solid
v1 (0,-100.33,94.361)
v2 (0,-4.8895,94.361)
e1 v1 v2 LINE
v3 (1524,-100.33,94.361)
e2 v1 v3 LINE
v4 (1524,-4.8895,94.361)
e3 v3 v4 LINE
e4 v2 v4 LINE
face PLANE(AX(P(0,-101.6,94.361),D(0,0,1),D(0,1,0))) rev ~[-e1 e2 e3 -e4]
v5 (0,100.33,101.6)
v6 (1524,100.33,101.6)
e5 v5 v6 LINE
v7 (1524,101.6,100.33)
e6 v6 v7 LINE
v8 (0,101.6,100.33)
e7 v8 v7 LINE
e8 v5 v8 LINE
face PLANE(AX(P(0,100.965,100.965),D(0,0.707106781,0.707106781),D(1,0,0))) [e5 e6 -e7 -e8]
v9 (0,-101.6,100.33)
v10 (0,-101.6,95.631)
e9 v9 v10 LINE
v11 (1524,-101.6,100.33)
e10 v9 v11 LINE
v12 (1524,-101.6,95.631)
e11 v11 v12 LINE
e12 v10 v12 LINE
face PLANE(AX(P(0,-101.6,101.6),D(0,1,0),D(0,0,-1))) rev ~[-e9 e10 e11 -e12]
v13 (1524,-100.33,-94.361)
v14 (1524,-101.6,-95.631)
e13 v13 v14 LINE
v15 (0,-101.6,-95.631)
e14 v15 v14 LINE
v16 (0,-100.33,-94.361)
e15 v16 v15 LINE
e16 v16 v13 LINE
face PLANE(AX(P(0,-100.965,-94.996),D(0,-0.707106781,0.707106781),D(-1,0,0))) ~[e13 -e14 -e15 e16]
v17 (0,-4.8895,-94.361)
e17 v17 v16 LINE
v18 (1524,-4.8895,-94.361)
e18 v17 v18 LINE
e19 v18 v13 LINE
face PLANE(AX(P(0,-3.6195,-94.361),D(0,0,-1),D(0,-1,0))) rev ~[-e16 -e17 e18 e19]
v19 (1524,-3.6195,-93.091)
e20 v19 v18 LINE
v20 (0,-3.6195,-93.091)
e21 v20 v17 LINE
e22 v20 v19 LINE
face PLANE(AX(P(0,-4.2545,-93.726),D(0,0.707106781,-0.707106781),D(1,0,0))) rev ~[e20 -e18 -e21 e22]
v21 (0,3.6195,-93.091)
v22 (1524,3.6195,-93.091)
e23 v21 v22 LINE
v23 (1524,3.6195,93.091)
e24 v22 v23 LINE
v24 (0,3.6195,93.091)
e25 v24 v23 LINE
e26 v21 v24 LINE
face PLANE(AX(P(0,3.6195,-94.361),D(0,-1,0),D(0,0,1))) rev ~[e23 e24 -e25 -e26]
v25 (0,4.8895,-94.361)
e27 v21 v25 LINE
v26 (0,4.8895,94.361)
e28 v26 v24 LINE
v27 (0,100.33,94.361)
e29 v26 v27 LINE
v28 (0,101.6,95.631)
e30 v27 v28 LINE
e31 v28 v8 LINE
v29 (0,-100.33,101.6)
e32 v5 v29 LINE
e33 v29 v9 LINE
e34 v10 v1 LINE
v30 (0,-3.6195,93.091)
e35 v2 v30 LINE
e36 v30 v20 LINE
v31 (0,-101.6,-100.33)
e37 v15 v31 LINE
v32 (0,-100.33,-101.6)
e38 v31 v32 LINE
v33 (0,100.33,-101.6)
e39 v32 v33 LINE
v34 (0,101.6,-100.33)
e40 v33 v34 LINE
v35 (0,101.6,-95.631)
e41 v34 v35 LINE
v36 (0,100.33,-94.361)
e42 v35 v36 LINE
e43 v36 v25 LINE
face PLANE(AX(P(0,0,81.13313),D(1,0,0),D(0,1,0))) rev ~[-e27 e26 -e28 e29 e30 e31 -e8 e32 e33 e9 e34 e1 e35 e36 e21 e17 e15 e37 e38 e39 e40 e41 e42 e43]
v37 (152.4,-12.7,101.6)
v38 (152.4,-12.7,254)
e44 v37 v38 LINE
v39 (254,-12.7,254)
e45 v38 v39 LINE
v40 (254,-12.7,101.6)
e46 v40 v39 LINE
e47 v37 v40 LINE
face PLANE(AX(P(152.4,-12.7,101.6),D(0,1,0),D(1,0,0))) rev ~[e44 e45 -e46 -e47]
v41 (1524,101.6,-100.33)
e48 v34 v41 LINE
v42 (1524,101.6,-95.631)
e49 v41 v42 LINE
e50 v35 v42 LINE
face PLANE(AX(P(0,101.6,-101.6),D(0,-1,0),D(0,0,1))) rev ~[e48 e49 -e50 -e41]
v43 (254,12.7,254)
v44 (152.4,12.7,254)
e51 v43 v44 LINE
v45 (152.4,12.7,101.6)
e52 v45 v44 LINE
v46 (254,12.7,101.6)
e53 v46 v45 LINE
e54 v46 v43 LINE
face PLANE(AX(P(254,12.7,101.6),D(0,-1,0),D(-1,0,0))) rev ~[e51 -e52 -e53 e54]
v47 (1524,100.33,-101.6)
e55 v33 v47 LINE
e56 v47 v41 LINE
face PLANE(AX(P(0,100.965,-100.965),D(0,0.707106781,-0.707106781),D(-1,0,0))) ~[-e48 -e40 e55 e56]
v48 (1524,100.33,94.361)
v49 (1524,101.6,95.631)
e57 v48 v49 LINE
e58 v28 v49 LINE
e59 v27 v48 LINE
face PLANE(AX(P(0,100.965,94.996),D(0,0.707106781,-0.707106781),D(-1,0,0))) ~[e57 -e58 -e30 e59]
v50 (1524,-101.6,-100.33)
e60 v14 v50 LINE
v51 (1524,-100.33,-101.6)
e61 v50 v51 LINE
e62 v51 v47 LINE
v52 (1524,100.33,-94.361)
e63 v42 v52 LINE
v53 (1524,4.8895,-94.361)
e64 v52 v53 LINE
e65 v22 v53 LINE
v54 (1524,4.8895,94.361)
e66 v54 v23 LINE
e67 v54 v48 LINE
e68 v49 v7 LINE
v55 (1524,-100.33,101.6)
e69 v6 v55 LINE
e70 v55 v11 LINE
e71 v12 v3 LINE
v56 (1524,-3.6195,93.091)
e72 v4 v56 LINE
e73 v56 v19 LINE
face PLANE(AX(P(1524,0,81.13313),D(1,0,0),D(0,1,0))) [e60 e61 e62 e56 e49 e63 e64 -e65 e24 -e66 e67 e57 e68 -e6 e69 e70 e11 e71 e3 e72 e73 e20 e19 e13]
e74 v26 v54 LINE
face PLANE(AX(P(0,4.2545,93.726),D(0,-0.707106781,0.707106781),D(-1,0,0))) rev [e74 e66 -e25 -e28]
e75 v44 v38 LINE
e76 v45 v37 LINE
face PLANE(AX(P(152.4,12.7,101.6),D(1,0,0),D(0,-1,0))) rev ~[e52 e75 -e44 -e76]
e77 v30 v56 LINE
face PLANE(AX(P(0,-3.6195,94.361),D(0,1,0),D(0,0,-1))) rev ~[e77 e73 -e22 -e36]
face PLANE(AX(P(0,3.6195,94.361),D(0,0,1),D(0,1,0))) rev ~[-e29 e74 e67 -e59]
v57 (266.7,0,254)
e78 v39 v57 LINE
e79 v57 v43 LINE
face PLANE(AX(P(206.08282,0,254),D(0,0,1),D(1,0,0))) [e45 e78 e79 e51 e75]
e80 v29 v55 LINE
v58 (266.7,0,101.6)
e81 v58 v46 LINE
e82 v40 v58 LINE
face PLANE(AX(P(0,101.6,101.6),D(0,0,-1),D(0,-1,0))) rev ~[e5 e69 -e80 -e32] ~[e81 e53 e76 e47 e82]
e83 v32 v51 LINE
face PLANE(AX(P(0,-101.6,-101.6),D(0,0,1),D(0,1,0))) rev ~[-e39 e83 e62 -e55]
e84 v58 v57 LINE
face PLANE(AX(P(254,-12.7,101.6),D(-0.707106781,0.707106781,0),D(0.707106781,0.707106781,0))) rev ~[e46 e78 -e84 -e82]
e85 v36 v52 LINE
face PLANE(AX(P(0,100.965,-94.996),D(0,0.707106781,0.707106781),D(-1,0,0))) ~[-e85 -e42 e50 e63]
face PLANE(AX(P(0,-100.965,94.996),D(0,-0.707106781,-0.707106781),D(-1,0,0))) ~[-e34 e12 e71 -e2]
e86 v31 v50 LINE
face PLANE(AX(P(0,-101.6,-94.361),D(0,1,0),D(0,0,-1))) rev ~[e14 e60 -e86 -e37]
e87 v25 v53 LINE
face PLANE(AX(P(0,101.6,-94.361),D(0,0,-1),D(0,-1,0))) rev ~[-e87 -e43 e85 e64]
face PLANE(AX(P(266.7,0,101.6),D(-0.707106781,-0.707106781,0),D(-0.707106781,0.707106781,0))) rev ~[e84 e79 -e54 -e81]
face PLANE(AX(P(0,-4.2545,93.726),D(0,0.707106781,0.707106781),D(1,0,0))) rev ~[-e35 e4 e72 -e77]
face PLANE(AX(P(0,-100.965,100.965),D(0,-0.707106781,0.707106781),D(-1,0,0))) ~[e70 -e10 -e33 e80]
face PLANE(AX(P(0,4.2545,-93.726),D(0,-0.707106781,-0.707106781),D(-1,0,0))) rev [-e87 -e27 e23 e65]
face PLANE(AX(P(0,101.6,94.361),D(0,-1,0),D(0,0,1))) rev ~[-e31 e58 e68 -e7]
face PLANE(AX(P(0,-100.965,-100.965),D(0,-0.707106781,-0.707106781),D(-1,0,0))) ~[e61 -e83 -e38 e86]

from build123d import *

# Parameters (mm, degrees)
F1_DEPTH = 1524
F2_SIZE  = 1.27
F3_SIZE  = 1.27
F5_DEPTH = 152.4


with BuildPart() as f1:
    # F0 (on Right) → F1 (new body)
    with BuildSketch(Plane.YZ):
        Polygon((101.6, 101.6), (-101.6, 101.6), (-101.6, 94.361), (-3.6195, 94.361), (-3.6195, 0), (0, 0), (3.6195, 0), (3.6195, 94.361), (101.6, 94.361), align=None)
        Polygon((0, 0), (-3.6195, 0), (-3.6195, -94.361), (-101.6, -94.361), (-101.6, -101.6), (101.6, -101.6), (101.6, -94.361), (3.6195, -94.361), (3.6195, 0), align=None)
    extrude(amount=F1_DEPTH)

    # F2
    f2_edges = [f1.edges().sort_by_distance(p)[0] for p in [
        (762, -101.6, 101.6),
        (762, -101.6, 94.361),
        (762, 101.6, 101.6),
        (762, 101.6, 94.361),
        (762, 101.6, -94.361),
        (762, 101.6, -101.6),
        (762, -101.6, -94.361),
        (762, -101.6, -101.6),
    ]]
    chamfer(f2_edges, length=F2_SIZE)

    # F3
    f3_edges = [f1.edges().sort_by_distance(p)[0] for p in [
        (762, -3.6195, 94.361),
        (762, 3.6195, 94.361),
        (762, 3.6195, -94.361),
        (762, -3.6195, -94.361),
    ]]
    chamfer(f3_edges, length=F3_SIZE)

    # F4 (on face) → F5 (join)
    with BuildSketch(Plane.XY.offset(101.6)):
        Polygon((152.4, 12.7), (152.4, -12.7), (254, -12.7), (266.7, 0), (254, 12.7), align=None)
    extrude(amount=F5_DEPTH)


solid = f1.part
